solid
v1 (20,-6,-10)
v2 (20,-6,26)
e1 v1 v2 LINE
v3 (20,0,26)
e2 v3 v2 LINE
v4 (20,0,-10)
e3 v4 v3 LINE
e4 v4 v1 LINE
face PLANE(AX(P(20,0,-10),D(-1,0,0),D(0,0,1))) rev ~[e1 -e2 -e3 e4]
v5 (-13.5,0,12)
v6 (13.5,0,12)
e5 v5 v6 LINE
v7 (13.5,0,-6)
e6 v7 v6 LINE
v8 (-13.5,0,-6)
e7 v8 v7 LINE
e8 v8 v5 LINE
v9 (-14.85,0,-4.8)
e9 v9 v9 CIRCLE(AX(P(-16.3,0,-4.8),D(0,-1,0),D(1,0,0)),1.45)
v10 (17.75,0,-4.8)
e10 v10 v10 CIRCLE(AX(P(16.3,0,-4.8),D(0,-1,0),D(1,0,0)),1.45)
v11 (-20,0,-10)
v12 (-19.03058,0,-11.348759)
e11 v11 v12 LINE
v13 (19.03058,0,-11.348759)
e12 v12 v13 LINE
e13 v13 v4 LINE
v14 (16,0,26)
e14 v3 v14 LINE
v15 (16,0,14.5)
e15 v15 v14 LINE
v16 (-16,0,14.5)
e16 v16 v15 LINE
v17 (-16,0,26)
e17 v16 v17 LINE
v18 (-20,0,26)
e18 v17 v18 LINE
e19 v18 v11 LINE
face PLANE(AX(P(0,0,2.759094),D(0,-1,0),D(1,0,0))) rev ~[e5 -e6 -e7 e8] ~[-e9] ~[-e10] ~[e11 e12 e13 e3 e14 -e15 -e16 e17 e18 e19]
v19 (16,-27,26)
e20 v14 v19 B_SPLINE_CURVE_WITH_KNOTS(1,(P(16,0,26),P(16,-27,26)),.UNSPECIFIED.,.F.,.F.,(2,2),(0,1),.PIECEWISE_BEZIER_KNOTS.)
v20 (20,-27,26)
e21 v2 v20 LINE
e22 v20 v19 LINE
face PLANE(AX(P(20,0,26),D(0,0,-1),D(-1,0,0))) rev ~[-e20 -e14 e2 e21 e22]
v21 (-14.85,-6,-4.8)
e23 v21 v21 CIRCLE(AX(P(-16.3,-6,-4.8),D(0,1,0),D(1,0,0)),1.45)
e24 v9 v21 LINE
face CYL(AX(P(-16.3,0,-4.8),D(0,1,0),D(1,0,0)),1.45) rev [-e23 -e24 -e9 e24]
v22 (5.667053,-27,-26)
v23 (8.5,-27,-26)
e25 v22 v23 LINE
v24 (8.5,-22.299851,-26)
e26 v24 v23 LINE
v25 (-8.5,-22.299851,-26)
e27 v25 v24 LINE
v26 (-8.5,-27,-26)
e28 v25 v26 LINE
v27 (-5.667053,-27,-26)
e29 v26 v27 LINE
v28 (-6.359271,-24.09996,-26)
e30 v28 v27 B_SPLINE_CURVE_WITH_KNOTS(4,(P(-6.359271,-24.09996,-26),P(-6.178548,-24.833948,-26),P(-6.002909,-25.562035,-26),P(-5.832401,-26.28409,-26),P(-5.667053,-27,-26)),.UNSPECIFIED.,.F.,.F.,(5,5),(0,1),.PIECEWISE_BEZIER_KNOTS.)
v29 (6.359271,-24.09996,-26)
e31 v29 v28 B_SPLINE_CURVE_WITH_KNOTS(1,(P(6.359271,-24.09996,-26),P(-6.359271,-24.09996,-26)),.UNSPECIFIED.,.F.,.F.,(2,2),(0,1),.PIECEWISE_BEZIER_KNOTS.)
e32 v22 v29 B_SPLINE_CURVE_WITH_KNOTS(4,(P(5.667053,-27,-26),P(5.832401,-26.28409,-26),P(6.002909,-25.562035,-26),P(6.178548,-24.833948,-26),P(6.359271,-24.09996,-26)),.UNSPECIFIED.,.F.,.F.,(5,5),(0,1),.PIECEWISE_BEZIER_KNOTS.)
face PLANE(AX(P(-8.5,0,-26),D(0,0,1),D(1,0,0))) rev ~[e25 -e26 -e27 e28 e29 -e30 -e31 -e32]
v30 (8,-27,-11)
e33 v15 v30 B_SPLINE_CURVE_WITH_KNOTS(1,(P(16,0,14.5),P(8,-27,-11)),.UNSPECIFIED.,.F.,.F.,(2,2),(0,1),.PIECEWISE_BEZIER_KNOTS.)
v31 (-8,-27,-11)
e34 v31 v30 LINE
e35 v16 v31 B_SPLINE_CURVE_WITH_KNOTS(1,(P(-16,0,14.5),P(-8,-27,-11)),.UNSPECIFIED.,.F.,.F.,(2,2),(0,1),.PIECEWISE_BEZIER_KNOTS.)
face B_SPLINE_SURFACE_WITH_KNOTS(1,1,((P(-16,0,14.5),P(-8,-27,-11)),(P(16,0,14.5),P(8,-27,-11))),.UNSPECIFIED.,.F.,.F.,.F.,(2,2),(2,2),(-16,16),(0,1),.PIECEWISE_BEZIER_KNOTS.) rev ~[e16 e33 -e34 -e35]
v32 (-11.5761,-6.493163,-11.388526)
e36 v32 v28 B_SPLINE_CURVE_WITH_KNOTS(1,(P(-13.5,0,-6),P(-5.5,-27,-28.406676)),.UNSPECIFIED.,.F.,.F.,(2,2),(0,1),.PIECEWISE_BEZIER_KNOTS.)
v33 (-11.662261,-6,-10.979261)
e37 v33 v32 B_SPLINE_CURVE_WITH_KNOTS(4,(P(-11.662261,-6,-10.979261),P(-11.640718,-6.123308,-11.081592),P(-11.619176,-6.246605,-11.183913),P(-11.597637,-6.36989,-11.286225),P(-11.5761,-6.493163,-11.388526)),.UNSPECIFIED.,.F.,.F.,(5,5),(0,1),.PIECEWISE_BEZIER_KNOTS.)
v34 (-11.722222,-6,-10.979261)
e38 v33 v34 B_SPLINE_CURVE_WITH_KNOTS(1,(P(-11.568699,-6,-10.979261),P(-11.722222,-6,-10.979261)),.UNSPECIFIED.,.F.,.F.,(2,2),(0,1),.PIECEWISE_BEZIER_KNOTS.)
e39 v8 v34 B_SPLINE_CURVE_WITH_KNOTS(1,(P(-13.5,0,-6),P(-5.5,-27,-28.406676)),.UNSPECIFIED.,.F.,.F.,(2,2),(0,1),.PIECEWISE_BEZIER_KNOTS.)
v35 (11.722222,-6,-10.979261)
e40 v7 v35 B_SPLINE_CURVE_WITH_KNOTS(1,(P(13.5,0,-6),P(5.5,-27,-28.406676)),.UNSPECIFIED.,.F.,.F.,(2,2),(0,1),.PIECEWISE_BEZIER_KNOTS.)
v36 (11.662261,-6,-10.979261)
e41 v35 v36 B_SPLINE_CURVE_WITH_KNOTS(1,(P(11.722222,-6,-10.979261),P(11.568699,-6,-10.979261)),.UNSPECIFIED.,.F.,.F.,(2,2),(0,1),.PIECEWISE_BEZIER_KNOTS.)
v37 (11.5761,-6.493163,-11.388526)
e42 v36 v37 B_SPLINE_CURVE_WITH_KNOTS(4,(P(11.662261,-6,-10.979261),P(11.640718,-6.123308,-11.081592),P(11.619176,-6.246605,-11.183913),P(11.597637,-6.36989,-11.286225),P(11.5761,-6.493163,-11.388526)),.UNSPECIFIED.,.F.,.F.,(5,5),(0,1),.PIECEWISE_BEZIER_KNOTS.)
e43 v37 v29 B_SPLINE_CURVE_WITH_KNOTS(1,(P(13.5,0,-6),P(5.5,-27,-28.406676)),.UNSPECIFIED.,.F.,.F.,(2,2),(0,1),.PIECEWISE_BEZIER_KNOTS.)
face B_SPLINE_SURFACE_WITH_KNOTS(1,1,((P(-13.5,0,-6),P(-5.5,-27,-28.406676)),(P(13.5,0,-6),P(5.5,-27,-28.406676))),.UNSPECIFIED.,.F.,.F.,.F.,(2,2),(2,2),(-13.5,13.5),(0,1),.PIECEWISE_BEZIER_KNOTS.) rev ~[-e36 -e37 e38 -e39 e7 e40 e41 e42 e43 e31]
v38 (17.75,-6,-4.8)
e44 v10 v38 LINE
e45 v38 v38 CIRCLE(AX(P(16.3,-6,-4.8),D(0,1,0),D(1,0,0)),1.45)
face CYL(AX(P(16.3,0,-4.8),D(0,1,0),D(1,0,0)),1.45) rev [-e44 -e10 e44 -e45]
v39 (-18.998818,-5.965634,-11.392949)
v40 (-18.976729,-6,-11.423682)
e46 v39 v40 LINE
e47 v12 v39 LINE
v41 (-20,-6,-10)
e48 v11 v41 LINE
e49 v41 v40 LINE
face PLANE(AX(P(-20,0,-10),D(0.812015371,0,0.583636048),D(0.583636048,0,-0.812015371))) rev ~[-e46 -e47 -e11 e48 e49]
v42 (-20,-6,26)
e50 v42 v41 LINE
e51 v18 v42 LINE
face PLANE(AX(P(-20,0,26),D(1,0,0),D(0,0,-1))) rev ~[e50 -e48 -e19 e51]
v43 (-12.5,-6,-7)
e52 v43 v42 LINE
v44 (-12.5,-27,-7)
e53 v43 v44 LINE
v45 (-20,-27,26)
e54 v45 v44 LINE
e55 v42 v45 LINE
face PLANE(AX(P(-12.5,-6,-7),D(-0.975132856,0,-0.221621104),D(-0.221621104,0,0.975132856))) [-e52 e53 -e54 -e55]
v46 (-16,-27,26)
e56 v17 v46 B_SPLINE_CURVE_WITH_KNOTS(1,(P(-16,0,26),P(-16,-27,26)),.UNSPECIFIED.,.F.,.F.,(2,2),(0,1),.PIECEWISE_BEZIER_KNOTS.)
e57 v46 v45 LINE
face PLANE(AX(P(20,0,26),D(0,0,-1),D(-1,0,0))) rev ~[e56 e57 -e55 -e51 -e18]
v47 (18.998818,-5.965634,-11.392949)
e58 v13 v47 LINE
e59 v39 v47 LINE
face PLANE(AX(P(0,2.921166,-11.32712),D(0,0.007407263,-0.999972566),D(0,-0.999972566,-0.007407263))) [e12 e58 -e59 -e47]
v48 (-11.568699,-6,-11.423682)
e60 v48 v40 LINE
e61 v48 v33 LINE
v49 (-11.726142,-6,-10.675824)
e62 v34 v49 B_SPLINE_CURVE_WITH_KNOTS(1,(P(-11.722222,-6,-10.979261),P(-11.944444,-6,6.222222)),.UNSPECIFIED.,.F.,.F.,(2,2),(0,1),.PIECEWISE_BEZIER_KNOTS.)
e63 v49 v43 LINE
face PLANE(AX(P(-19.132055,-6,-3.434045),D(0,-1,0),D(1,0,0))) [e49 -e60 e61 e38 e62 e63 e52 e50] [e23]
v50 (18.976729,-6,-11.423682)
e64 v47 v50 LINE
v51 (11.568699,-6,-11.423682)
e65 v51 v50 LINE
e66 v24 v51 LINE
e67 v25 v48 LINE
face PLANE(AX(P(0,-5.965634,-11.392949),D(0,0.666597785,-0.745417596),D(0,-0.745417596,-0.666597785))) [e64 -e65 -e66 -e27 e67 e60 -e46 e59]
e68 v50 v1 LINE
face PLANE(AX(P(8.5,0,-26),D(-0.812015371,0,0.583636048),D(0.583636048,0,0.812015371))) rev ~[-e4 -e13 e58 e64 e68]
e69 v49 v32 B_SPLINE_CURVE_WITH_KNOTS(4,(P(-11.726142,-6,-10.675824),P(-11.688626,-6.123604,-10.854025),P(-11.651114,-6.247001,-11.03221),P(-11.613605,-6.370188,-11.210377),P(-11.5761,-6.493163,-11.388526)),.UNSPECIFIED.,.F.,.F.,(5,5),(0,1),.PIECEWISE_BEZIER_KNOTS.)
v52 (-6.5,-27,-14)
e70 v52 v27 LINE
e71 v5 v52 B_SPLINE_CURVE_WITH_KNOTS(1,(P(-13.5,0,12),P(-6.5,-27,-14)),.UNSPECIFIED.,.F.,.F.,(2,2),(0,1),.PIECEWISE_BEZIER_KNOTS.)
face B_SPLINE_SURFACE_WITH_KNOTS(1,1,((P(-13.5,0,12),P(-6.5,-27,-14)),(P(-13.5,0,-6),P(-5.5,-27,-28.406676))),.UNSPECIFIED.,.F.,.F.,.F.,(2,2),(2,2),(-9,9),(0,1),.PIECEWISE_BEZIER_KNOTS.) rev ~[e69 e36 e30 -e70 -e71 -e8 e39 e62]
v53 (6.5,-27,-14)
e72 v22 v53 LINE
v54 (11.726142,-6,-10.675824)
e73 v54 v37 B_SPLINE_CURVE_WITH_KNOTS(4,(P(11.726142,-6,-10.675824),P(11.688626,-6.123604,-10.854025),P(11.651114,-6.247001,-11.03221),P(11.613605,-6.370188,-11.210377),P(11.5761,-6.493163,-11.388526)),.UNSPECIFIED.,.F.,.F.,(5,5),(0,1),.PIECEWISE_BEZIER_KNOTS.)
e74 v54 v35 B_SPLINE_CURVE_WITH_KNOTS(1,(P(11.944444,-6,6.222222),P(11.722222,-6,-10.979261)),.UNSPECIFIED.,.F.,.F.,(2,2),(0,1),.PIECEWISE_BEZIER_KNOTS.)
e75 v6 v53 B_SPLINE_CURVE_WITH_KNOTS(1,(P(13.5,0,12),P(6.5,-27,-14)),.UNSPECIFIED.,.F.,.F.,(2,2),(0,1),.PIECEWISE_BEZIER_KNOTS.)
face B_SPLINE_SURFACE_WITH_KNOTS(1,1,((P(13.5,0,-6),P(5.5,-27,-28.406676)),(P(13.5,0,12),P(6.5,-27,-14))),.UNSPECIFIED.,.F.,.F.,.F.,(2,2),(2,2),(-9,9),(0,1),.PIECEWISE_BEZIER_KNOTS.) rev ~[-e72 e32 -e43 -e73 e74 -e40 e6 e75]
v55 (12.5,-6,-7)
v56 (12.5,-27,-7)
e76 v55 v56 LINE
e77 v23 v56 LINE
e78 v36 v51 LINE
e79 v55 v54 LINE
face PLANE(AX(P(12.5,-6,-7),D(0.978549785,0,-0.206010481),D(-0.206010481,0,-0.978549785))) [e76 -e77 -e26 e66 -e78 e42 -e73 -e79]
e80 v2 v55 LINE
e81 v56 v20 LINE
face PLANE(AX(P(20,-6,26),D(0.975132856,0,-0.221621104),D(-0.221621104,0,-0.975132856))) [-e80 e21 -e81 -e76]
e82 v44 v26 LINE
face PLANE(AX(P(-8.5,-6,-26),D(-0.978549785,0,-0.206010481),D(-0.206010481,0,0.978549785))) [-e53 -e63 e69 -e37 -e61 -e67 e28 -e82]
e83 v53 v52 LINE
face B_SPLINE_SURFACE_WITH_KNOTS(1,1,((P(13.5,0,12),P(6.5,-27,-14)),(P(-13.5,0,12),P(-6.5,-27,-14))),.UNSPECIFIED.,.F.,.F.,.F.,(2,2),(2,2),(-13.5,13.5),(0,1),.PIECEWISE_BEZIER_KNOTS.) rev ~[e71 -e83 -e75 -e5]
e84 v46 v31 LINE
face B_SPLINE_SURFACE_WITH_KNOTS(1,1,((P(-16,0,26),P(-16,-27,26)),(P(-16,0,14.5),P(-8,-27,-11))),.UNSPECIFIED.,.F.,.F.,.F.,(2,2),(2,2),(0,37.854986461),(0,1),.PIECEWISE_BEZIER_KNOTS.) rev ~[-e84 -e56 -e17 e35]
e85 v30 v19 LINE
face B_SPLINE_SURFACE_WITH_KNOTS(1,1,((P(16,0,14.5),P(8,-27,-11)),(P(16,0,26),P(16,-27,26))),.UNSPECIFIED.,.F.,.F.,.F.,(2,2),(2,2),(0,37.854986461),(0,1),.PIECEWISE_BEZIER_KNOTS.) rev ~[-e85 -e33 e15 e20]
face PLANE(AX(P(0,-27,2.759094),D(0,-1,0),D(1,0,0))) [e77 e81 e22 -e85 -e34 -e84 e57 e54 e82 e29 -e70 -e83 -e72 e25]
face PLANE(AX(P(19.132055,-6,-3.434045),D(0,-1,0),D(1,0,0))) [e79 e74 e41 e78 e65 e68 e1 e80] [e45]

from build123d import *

# Parameters (mm, degrees)
F0_R          = 1.45
F1_DEPTH      = 27
F3_START      = 6
F3_DEPTH      = 23
F6_W          = 32
F6_H          = 11.5
F9_DEPTH      = 25
F9_DEPTH_BACK = 25
F6_W_2        = 27
F6_H_2        = 18


with BuildPart() as f1:
    # F0 (on Front) → F1 (new body)
    with BuildSketch(Plane.XZ):
        Polygon((-8.5, -26), (8.5, -26), (20, -10), (20, 26), (-20, 26), (-20, -10), align=None)
        with Locations((-16.3, -4.8)):
            Circle(F0_R, mode=Mode.SUBTRACT)
        with Locations((16.3, -4.8)):
            Circle(F0_R, mode=Mode.SUBTRACT)
    extrude(amount=F1_DEPTH)

    # F2 (on Front) → F3 (cut)
    with BuildSketch(Plane.XZ.offset(F3_START)):
        Polygon((26.5, -25), (26.499954751, 0.0001809961), (20, 26), (12.5, -7), (8.5, -26), align=None)
        Polygon((-8.5, -26), (-12.5, -7), (-20, 26), (-26.499954751, 0.0001809961), (-26.5, -25), align=None)
    extrude(amount=F3_DEPTH, mode=Mode.SUBTRACT)

    # F6 (on Front) → F7 section 0
    with BuildSketch(Plane.XZ):
        with Locations((0, 20.25)):
            Rectangle(F6_W, F6_H)
    # F5 (on offset) → F7 section 1
    with BuildSketch(Plane.XZ.offset(27)):
        Polygon((8, -11), (16, 26), (-16, 26), (-8, -11), align=None)
    loft(mode=Mode.SUBTRACT)

    # F8 (on Right) → F9 (cut, two sides)
    with BuildSketch(Plane.YZ) as f9_sk:
        Polygon((-5.9656337835, -11.392949149), (-27.1901637316, -30.3732156754), (3.7769323681, -39.4357405603), (2.9211663641, -11.3271204755), align=None)
    extrude(amount=-F9_DEPTH, mode=Mode.SUBTRACT)
    extrude(f9_sk.sketch, amount=F9_DEPTH_BACK, mode=Mode.SUBTRACT)

    # F6 (on Front) → F10 section 0
    with BuildSketch(Plane.XZ):
        with Locations((0, 3)):
            Rectangle(F6_W_2, F6_H_2)
    # F5 (on offset) → F10 section 1
    with BuildSketch(Plane.XZ.offset(27)):
        Polygon((5.5, -28.406675905), (6.5, -14), (-6.5, -14), (-5.5, -28.406675905), align=None)
    loft(mode=Mode.SUBTRACT)


solid = f1.part
